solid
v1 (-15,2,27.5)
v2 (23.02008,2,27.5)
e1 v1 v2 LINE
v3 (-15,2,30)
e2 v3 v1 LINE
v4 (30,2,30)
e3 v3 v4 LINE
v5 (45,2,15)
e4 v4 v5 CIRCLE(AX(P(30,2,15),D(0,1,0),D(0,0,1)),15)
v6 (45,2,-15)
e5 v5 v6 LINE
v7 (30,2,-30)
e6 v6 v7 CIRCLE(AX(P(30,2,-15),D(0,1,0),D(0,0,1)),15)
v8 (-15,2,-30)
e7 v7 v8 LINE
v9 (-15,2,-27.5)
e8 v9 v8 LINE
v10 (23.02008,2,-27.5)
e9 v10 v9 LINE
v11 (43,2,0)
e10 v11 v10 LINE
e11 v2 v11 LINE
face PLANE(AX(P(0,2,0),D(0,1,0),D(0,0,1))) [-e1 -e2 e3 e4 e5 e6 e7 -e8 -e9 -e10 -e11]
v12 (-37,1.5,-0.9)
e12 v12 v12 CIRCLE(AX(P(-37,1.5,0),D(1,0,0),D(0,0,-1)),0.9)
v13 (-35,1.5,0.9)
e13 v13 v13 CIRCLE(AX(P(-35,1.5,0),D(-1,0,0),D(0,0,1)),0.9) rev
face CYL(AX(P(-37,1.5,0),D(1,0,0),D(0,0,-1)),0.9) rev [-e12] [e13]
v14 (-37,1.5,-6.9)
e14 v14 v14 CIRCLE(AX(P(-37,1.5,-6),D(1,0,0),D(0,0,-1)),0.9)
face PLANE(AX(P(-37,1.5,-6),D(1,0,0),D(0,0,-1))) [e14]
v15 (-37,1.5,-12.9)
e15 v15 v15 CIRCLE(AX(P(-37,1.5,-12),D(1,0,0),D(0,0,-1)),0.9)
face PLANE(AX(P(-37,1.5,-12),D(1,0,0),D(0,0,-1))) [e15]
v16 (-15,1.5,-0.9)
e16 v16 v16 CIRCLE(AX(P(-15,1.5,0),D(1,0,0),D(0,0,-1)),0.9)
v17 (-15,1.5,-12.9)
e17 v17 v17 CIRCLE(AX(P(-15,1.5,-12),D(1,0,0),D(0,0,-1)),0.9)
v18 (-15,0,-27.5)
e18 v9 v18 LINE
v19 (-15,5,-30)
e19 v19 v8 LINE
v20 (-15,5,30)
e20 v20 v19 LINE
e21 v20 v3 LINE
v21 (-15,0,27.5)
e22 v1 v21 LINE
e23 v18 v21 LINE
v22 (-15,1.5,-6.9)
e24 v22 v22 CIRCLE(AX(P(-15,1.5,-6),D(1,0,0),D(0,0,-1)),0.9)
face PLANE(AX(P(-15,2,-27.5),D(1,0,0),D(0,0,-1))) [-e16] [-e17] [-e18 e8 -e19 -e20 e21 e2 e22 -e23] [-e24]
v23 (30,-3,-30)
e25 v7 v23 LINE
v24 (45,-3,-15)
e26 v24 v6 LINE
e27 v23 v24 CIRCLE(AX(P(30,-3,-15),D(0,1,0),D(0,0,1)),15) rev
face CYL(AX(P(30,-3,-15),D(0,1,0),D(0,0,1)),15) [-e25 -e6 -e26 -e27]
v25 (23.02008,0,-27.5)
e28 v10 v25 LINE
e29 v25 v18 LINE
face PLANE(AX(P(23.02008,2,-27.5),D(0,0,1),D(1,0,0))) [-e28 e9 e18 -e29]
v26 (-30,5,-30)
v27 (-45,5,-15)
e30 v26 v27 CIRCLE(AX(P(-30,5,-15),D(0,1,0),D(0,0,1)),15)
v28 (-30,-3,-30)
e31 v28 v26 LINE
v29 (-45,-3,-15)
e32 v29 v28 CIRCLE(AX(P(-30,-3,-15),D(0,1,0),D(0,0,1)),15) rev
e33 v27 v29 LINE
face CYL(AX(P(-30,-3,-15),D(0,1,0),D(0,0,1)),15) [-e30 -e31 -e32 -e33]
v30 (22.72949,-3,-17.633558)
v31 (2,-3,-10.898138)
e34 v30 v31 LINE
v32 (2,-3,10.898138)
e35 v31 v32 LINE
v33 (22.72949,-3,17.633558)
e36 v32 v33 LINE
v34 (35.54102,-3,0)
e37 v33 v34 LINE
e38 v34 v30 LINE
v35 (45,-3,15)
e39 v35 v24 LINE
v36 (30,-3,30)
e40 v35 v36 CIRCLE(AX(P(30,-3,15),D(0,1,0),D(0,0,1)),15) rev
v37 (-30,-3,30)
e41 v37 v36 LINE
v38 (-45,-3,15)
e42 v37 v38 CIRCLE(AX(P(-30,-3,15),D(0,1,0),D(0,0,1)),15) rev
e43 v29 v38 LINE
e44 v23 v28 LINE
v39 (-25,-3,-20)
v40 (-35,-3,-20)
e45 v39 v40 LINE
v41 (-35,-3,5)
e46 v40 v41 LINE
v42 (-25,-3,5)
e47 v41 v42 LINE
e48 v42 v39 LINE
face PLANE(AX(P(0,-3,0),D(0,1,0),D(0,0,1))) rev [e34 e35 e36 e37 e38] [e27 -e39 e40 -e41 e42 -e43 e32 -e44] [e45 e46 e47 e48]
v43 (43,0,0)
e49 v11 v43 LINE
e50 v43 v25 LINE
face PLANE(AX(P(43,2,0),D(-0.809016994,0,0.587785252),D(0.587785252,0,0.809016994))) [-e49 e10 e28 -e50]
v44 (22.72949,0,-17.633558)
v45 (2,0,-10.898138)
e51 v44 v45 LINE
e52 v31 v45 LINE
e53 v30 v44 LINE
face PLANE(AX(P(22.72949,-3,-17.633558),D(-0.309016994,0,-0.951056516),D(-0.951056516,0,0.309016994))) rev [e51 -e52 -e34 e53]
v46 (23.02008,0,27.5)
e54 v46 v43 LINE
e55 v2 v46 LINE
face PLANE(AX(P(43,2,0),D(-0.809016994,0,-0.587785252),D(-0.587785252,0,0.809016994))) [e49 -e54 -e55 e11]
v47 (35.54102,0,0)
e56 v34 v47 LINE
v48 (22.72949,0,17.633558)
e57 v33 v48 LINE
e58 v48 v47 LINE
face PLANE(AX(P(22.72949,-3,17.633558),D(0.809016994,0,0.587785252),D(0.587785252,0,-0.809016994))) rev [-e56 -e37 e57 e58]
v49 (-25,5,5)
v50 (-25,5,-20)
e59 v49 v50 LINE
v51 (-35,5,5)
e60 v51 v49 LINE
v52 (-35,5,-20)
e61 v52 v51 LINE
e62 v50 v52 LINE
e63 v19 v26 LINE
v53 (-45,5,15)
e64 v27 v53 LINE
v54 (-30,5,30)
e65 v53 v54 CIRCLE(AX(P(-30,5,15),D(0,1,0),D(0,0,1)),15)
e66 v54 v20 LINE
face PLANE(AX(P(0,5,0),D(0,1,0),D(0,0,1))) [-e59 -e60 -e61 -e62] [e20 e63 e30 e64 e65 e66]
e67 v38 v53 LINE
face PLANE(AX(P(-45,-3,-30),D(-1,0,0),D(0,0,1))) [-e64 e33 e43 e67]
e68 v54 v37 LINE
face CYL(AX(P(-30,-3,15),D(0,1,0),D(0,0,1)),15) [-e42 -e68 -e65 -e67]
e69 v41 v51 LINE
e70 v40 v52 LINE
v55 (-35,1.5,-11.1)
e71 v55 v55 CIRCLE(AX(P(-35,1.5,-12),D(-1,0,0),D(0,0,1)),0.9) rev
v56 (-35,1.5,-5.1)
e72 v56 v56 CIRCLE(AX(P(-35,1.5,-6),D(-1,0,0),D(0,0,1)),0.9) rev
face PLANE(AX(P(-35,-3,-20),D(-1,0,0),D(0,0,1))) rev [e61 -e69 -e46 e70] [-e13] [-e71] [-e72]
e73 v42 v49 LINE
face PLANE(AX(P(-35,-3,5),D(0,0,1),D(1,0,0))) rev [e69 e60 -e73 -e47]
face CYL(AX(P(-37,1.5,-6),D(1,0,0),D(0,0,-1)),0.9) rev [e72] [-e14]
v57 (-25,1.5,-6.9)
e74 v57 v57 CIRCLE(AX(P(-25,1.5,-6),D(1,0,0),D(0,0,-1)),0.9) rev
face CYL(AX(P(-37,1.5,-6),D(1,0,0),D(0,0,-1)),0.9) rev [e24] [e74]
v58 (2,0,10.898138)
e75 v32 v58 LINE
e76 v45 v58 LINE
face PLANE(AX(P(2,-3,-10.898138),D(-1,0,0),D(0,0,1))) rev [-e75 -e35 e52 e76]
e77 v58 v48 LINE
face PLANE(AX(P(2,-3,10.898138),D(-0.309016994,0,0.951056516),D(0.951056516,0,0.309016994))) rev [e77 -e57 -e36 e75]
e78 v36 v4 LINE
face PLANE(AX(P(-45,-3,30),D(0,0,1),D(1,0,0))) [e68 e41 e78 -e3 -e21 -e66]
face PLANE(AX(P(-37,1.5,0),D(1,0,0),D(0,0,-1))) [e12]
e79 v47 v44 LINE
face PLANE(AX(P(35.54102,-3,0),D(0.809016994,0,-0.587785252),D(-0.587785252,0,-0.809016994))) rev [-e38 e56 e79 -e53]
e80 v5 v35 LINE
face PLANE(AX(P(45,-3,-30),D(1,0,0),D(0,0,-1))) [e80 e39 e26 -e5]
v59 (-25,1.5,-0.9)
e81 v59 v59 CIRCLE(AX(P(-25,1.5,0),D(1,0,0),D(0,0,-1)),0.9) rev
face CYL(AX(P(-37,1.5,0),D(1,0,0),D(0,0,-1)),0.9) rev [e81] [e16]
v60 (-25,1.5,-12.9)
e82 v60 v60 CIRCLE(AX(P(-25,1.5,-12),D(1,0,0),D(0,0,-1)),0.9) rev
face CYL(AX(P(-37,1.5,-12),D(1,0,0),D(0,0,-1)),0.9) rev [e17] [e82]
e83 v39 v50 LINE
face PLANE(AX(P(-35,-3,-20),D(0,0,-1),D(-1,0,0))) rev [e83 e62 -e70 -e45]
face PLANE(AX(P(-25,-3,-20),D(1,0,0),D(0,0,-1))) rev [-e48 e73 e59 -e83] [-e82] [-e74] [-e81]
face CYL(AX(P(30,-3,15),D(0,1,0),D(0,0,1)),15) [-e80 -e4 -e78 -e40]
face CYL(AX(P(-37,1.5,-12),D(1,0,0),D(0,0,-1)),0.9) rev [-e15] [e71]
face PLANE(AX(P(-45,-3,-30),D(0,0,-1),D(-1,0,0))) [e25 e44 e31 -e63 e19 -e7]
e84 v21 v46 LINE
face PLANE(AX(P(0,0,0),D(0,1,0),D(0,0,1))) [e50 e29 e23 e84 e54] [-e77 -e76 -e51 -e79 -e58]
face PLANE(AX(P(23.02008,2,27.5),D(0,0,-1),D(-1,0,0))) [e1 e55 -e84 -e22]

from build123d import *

# Parameters (mm, degrees)
SKETCH1_W           = 90
SKETCH1_H           = 60
BOSS_EXTRUDE1_DEPTH = 3
BOSS_EXTRUDE2_DEPTH = 2
SKETCH4_W           = 30
SKETCH4_H           = 60
BOSS_EXTRUDE4_DEPTH = 3
SKETCH5_R           = 0.9
CUT_EXTRUDE1_DEPTH  = 22
SKETCH6_W           = 10
SKETCH6_H           = 25
CUT_EXTRUDE2_DEPTH  = 9
FILLET1_R           = 15
CUT_EXTRUDE3_DEPTH  = 4


with BuildPart() as part:
    # Sketch1 → Boss-Extrude1 (new body)
    with BuildSketch(Plane(origin=(0, 0, 0), x_dir=(1, 0, 0), z_dir=(0, 1, 0))):
        Rectangle(SKETCH1_W, SKETCH1_H)
    extrude(amount=-BOSS_EXTRUDE1_DEPTH)

    # Sketch2 → Boss-Extrude2 (add)
    with BuildSketch(Plane(origin=(0, 0, 0), x_dir=(1, 0, 0), z_dir=(0, 1, 0))):
        Polygon((45, 30), (-45, 30), (-45, 27.5), (-45, -27.5), (-45, -30), (45, -30), align=None)
        Polygon((43, 0), (23.02008048, 27.5), (-15, 27.5), (-15, -27.5), (23.02008048, -27.5), align=None, mode=Mode.SUBTRACT)
    extrude(amount=BOSS_EXTRUDE2_DEPTH)

    # Sketch4 → Boss-Extrude4 (add)
    with BuildSketch(Plane(origin=(0, 2, 0), x_dir=(1, 0, 0), z_dir=(0, 1, 0))):
        with Locations((-30, 0)):
            Rectangle(SKETCH4_W, SKETCH4_H)
    extrude(amount=BOSS_EXTRUDE4_DEPTH)

    # Sketch5 → Cut-Extrude1 (cut)
    with BuildSketch(Plane(origin=(-15, 0, 0), x_dir=(0, 0, -1), z_dir=(1, 0, 0))):
        with Locations((0, 1.5)):
            Circle(SKETCH5_R)
        with Locations((6, 1.5)):
            Circle(SKETCH5_R)
        with Locations((12, 1.5)):
            Circle(SKETCH5_R)
    extrude(amount=-CUT_EXTRUDE1_DEPTH, mode=Mode.SUBTRACT)

    # Sketch6 → Cut-Extrude2 (cut, through all)
    with BuildSketch(Plane(origin=(0, 5, 0), x_dir=(1, 0, 0), z_dir=(0, 1, 0))):
        with Locations((-30, 7.5)):
            Rectangle(SKETCH6_W, SKETCH6_H)
    extrude(amount=-CUT_EXTRUDE2_DEPTH, mode=Mode.SUBTRACT)

    # Fillet1
    fillet1_edges = [part.edges().sort_by_distance(p)[0] for p in [
        (-45, 1, -30),
        (-45, 1, 30),
        (45, -0.5, 30),
        (45, -0.5, -30),
    ]]
    fillet(fillet1_edges, radius=FILLET1_R)

    # Sketch7 → Cut-Extrude3 (cut, through all)
    with BuildSketch(Plane(origin=(0, 0, 0), x_dir=(1, 0, 0), z_dir=(0, 1, 0))):
        Polygon((35.541019662, 0), (22.729490169, 17.633557569), (2, 10.89813792), (2, -10.89813792), (22.729490169, -17.633557569), align=None)
    extrude(amount=-CUT_EXTRUDE3_DEPTH, mode=Mode.SUBTRACT)


solid = part.part
